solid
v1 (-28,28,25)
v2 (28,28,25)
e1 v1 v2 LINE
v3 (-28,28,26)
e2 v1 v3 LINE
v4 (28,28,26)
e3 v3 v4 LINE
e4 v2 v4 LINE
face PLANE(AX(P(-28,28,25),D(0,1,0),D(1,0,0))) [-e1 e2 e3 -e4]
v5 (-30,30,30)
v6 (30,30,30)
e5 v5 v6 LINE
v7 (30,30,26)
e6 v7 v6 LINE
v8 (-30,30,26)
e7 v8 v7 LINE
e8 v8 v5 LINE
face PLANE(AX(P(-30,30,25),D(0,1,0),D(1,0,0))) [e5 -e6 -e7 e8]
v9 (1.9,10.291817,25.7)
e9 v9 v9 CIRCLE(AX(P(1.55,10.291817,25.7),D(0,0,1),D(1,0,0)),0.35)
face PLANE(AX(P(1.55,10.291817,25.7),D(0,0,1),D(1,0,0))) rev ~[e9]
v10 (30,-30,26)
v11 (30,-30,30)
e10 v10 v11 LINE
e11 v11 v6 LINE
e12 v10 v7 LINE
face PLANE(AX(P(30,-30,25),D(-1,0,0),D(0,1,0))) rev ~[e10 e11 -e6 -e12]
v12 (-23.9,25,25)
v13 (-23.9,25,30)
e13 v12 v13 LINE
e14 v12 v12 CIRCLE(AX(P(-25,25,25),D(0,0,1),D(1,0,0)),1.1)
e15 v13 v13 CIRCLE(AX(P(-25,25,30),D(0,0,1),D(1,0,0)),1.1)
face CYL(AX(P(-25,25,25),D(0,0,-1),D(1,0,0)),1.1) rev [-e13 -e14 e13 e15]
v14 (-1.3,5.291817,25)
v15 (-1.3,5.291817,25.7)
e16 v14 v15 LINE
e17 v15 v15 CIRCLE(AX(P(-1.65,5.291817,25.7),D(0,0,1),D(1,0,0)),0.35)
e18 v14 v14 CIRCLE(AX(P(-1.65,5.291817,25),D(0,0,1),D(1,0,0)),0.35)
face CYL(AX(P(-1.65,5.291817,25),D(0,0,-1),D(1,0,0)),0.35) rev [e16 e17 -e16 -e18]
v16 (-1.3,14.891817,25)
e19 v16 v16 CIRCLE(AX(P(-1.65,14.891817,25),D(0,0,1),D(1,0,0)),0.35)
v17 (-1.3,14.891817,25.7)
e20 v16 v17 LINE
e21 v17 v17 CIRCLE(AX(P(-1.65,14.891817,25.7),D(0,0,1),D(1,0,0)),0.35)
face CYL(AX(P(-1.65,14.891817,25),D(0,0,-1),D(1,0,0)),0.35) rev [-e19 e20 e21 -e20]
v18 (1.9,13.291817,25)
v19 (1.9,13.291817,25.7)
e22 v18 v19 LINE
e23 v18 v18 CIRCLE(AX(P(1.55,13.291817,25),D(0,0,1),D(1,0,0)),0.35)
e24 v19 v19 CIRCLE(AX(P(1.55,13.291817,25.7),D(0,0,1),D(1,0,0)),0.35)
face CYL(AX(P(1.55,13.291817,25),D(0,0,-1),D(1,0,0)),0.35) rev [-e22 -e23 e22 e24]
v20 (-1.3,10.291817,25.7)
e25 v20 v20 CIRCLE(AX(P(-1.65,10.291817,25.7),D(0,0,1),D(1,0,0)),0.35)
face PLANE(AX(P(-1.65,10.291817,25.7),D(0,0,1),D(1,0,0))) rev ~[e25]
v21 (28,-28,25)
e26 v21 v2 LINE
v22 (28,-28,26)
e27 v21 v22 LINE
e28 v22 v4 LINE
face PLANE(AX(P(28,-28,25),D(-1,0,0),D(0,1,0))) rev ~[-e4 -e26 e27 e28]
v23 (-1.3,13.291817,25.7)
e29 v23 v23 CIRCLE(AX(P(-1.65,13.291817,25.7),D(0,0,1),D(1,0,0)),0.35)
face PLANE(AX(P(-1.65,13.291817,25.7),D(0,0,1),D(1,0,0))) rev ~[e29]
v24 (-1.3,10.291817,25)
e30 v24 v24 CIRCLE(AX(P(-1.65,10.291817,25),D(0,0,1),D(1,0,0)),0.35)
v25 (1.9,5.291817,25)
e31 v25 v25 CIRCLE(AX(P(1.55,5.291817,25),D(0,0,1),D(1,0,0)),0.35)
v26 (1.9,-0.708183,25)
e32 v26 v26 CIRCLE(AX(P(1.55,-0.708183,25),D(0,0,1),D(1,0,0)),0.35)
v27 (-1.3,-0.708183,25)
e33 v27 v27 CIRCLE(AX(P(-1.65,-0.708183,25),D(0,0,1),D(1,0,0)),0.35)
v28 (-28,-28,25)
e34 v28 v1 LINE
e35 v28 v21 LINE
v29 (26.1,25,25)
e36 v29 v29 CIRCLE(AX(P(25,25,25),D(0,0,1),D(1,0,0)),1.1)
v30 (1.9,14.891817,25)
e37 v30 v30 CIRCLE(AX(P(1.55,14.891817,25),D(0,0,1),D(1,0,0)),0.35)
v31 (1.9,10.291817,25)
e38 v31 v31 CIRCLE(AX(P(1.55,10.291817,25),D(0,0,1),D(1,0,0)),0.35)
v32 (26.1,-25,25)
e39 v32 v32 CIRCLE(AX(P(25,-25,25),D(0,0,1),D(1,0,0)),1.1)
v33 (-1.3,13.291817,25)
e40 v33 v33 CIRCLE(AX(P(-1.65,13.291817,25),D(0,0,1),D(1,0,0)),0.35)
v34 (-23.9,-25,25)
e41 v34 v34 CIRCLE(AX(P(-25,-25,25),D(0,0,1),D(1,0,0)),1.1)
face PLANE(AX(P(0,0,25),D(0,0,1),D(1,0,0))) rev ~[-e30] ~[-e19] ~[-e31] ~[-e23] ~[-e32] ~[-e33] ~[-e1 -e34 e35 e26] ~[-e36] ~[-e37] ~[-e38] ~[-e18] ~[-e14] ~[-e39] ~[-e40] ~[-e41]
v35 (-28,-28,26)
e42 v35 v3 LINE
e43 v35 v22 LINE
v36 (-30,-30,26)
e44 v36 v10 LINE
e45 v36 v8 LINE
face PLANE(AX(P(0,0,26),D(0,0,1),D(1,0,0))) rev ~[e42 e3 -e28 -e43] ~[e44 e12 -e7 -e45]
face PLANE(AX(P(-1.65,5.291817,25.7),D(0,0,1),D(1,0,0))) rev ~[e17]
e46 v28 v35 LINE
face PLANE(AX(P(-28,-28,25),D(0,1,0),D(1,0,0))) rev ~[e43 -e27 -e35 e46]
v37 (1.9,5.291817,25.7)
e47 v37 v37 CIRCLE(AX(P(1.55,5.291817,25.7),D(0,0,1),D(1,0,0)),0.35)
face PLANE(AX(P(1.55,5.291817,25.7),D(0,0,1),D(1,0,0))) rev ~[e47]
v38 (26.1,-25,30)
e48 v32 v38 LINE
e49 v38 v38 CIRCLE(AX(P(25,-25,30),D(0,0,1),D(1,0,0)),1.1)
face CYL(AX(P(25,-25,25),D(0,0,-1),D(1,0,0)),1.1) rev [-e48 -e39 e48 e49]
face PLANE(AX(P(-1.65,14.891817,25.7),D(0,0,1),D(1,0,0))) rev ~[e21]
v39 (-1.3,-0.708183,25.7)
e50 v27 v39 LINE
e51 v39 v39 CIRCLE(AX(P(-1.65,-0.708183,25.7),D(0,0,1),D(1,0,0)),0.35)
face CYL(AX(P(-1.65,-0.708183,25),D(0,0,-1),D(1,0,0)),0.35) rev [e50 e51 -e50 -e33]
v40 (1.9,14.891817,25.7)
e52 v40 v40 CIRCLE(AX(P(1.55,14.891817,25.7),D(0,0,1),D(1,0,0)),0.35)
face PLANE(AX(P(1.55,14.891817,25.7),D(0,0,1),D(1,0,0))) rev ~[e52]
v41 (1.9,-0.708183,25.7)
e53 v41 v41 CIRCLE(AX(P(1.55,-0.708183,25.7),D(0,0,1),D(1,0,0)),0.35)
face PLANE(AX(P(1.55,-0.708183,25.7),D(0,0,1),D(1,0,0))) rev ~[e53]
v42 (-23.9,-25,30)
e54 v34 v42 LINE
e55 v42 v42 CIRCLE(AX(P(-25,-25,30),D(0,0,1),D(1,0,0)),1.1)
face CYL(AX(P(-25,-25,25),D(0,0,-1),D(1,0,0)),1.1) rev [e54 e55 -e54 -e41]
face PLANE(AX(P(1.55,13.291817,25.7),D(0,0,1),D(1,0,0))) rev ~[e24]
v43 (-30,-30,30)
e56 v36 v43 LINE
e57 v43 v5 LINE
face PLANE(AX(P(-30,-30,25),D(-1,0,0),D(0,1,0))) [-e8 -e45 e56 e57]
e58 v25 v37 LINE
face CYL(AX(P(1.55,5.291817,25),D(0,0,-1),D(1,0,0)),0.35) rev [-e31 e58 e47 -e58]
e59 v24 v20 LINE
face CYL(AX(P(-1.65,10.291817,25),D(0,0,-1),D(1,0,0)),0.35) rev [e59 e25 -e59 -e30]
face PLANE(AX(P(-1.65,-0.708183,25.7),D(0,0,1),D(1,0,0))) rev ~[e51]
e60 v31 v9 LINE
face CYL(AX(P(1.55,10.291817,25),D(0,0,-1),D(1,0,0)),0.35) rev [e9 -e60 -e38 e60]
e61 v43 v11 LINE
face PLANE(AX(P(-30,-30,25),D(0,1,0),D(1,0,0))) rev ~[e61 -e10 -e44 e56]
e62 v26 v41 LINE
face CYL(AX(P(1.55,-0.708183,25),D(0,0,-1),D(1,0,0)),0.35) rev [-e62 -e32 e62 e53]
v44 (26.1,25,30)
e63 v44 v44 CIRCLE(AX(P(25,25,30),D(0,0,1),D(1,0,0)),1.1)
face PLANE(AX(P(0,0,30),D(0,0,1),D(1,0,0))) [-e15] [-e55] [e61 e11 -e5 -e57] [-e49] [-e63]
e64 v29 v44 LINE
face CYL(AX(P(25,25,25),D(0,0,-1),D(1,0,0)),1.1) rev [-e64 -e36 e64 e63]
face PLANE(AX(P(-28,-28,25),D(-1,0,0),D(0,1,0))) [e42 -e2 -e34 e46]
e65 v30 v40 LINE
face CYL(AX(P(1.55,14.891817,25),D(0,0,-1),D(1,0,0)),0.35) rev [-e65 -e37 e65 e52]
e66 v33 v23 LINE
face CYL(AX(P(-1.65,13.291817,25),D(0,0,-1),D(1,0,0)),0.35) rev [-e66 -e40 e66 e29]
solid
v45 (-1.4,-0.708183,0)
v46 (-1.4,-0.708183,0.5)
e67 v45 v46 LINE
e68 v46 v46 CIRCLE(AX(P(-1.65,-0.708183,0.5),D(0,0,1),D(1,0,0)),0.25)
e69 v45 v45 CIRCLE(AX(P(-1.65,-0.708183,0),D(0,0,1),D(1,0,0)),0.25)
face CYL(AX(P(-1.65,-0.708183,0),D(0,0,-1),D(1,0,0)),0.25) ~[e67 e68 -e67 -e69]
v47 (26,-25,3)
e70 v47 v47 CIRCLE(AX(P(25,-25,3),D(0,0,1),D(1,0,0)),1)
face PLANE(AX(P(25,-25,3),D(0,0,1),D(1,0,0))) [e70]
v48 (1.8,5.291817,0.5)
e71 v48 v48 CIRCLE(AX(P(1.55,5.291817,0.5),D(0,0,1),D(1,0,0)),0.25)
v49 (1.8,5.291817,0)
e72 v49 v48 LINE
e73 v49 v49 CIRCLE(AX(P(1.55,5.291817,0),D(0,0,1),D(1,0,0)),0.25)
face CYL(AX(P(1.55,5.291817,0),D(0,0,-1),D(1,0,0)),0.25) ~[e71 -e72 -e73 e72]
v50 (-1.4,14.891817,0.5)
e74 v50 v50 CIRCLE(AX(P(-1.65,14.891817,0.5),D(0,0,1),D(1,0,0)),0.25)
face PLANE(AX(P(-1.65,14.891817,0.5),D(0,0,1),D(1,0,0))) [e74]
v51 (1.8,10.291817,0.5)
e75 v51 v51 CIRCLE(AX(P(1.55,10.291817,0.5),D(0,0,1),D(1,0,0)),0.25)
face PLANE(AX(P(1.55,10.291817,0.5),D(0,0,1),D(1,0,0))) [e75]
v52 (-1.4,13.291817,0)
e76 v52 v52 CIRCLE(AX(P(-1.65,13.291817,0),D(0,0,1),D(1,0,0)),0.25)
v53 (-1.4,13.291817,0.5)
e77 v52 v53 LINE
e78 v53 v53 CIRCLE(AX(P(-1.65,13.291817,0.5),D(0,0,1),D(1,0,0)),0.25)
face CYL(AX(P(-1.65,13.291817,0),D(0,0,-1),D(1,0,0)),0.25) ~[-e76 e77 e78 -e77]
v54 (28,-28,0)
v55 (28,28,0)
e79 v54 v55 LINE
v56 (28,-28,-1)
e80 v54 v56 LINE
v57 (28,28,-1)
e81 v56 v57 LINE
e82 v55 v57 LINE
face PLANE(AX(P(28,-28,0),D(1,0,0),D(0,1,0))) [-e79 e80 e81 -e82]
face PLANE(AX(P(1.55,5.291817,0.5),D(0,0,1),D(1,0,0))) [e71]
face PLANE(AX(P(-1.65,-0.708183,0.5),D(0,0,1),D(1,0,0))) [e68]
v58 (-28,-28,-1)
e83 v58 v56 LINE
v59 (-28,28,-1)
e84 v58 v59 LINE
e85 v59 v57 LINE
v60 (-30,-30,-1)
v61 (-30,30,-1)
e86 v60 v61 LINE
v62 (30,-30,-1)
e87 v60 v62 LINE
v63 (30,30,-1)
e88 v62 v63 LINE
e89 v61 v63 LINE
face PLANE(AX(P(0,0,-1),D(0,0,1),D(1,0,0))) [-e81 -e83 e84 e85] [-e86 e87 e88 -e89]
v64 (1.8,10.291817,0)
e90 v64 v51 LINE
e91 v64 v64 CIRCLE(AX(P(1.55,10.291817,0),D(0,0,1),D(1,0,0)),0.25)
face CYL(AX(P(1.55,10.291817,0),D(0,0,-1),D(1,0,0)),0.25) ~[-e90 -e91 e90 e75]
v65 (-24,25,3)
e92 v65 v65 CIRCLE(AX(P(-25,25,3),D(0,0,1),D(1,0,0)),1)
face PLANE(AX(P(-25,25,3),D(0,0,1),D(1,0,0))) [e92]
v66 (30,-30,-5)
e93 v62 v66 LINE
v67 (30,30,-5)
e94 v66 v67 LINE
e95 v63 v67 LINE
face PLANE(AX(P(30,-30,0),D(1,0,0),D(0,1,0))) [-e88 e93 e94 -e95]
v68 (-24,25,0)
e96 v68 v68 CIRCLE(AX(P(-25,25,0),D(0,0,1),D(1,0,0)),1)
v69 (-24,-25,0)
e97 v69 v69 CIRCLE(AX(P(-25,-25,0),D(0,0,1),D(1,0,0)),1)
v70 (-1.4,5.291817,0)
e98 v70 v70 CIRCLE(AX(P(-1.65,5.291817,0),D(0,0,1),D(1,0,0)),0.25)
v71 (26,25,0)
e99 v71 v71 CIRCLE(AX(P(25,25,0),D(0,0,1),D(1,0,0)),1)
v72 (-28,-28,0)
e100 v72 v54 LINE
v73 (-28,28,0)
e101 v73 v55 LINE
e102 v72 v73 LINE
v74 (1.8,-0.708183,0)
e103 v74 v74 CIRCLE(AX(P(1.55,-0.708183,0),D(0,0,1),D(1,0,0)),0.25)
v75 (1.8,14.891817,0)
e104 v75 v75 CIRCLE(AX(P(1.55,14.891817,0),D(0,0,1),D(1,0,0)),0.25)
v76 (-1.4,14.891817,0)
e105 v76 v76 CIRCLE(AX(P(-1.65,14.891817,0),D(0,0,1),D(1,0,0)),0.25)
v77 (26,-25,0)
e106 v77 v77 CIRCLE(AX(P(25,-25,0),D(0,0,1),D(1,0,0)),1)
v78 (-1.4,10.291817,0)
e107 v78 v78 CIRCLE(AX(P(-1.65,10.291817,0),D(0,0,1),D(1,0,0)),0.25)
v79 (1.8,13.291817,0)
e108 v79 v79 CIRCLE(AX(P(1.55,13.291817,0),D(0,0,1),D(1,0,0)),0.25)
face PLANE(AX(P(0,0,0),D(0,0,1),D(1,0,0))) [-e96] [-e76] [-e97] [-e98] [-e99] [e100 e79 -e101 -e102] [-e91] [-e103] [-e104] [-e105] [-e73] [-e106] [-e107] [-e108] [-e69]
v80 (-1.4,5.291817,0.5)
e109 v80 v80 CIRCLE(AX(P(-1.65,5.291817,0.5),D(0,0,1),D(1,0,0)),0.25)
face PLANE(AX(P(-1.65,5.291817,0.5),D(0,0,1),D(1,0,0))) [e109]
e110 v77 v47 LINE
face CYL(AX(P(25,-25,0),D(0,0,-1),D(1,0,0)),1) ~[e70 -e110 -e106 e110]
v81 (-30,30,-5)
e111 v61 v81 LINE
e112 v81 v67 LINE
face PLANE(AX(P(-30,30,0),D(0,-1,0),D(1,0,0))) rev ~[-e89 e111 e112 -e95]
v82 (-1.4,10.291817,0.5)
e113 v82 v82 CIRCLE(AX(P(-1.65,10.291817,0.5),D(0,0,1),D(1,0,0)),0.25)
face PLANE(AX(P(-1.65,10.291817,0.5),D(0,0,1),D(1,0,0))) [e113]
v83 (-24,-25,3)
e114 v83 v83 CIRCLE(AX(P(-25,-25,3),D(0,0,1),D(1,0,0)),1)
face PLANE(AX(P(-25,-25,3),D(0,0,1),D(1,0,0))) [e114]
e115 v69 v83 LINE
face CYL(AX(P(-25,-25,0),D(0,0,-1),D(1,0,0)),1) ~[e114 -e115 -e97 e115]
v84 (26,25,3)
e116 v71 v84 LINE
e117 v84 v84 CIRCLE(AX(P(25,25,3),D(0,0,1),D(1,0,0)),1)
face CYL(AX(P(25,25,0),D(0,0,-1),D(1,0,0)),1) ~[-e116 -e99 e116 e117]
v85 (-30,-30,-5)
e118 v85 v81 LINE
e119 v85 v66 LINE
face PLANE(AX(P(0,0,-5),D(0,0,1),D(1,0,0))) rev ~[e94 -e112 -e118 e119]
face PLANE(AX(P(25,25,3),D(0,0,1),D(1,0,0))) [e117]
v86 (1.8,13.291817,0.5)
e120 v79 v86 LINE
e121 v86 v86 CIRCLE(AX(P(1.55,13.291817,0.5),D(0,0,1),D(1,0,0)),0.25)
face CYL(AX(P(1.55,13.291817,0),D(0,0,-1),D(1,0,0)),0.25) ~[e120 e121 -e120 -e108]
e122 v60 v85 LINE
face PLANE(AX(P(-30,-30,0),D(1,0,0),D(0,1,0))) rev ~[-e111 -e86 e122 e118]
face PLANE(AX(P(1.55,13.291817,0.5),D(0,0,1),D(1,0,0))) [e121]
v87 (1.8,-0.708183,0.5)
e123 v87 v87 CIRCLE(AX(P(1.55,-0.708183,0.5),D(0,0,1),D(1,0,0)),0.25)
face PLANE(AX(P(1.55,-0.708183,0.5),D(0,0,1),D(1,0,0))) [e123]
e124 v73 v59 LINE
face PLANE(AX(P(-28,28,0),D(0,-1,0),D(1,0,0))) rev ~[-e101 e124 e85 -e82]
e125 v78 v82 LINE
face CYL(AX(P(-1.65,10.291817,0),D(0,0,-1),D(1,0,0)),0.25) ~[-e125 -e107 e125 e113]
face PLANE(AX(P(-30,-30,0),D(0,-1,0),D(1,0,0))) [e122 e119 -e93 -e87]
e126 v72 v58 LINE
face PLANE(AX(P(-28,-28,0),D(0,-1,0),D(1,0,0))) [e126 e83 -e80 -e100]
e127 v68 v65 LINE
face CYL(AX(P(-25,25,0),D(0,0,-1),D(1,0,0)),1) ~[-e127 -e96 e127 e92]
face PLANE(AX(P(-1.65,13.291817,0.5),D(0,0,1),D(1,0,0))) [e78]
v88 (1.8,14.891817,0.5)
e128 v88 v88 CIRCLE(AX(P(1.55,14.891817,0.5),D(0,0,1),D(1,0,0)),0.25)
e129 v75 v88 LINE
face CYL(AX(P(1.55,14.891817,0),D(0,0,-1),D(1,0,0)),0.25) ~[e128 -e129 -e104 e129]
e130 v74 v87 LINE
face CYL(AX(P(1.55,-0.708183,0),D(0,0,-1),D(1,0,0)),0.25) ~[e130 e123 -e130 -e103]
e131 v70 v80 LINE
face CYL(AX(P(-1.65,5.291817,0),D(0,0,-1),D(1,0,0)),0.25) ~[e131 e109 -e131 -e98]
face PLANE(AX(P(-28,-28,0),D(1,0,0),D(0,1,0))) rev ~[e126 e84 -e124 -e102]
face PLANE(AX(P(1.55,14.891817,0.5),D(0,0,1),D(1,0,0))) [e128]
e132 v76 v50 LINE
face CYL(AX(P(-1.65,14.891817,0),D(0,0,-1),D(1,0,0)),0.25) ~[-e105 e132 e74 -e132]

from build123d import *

# Parameters (mm, degrees)
F2_W      = 60
F2_H      = 60
F3_DEPTH  = 5
F4_W      = 60
F4_H      = 60
F4_W_2    = 56
F4_H_2    = 56
F5_DEPTH  = 1
F1_R      = 0.25
F6_DEPTH  = 0.5
F7_R      = 1
F8_DEPTH  = 3
F10_W     = 60
F10_H     = 60
F10_W_2   = 56
F10_H_2   = 56
F10_R     = 1.1
F11_DEPTH = 5
F12_R     = 0.35
F12_R_2   = 0.25
F13_DEPTH = 0.7
F14_DEPTH = 1


with BuildPart() as f3:
    # F2 (on Top) → F3 (new body)
    with BuildSketch(Plane.XY):
        Rectangle(F2_W, F2_H)
    extrude(amount=-F3_DEPTH)

    # F4 (on face) → F5 (cut)
    with BuildSketch(Plane.XY):
        Rectangle(F4_W, F4_H)
        Rectangle(F4_W_2, F4_H_2, mode=Mode.SUBTRACT)
    extrude(amount=-F5_DEPTH, mode=Mode.SUBTRACT)

    # F1 (on Top) → F6 (join)
    with BuildSketch(Plane.XY):
        with Locations((-1.65, 14.891817)):
            Circle(F1_R)
        with Locations((1.55, 14.891817)):
            Circle(F1_R)
        with Locations((1.55, 13.291817)):
            Circle(F1_R)
        with Locations((-1.65, 13.291817)):
            Circle(F1_R)
        with Locations((1.55, 10.291817)):
            Circle(F1_R)
        with Locations((-1.65, 10.291817)):
            Circle(F1_R)
        with Locations((1.55, 5.291817)):
            Circle(F1_R)
        with Locations((-1.65, 5.291817)):
            Circle(F1_R)
        with Locations((-1.65, -0.708183)):
            Circle(F1_R)
        with Locations((1.55, -0.708183)):
            Circle(F1_R)
    extrude(amount=F6_DEPTH)

    # F7 (on face) → F8 (join)
    with BuildSketch(Plane.XY):
        with Locations((25, -25)):
            Circle(F7_R)
        with Locations((-25, -25)):
            Circle(F7_R)
        with Locations((-25, 25)):
            Circle(F7_R)
        with Locations((25, 25)):
            Circle(F7_R)
    extrude(amount=F8_DEPTH)


with BuildPart() as f11:
    # F10 (on offset) → F11 (new body)
    with BuildSketch(Plane.XY.offset(25)):
        Rectangle(F10_W, F10_H)
        Rectangle(F10_W_2, F10_H_2, mode=Mode.SUBTRACT)
        Rectangle(F10_W_2, F10_H_2)
        with Locations((-25, -25)):
            Circle(F10_R, mode=Mode.SUBTRACT)
        with Locations((25, -25)):
            Circle(F10_R, mode=Mode.SUBTRACT)
        with Locations((-25, 25)):
            Circle(F10_R, mode=Mode.SUBTRACT)
        with Locations((25, 25)):
            Circle(F10_R, mode=Mode.SUBTRACT)
    extrude(amount=F11_DEPTH)

    # F12 (on offset) → F13 (cut)
    with BuildSketch(Plane.XY.offset(25)):
        with Locations((-1.65, -0.708183)):
            Circle(F12_R)
        with Locations((-1.65, -0.708183)):
            Circle(F12_R_2, mode=Mode.SUBTRACT)
        with Locations((1.55, -0.708183)):
            Circle(F12_R)
        with Locations((1.55, -0.708183)):
            Circle(F12_R_2, mode=Mode.SUBTRACT)
        with Locations((1.55, 5.291817)):
            Circle(F12_R)
        with Locations((1.55, 5.291817)):
            Circle(F12_R_2, mode=Mode.SUBTRACT)
        with Locations((-1.65, 5.291817)):
            Circle(F12_R)
        with Locations((-1.65, 5.291817)):
            Circle(F12_R_2, mode=Mode.SUBTRACT)
        with Locations((-1.65, 10.291817)):
            Circle(F12_R)
        with Locations((-1.65, 10.291817)):
            Circle(F12_R_2, mode=Mode.SUBTRACT)
        with Locations((1.55, 10.291817)):
            Circle(F12_R)
        with Locations((1.55, 10.291817)):
            Circle(F12_R_2, mode=Mode.SUBTRACT)
        with Locations((-1.65, 14.891817)):
            Circle(F12_R)
        with Locations((-1.65, 14.891817)):
            Circle(F12_R_2, mode=Mode.SUBTRACT)
        with Locations((-1.65, 13.291817)):
            Circle(F12_R)
        with Locations((-1.65, 13.291817)):
            Circle(F12_R_2, mode=Mode.SUBTRACT)
        with Locations((1.55, 13.291817)):
            Circle(F12_R)
        with Locations((1.55, 13.291817)):
            Circle(F12_R_2, mode=Mode.SUBTRACT)
        with Locations((1.55, 14.891817)):
            Circle(F12_R)
        with Locations((1.55, 14.891817)):
            Circle(F12_R_2, mode=Mode.SUBTRACT)
        with Locations((-1.65, -0.708183)):
            Circle(F12_R_2)
        with Locations((1.55, -0.708183)):
            Circle(F12_R_2)
        with Locations((1.55, 5.291817)):
            Circle(F12_R_2)
        with Locations((-1.65, 5.291817)):
            Circle(F12_R_2)
        with Locations((-1.65, 10.291817)):
            Circle(F12_R_2)
        with Locations((1.55, 10.291817)):
            Circle(F12_R_2)
        with Locations((-1.65, 14.891817)):
            Circle(F12_R_2)
        with Locations((-1.65, 13.291817)):
            Circle(F12_R_2)
        with Locations((1.55, 13.291817)):
            Circle(F12_R_2)
        with Locations((1.55, 14.891817)):
            Circle(F12_R_2)
    extrude(amount=F13_DEPTH, mode=Mode.SUBTRACT)

    # F10 (on offset) → F14 (cut)
    with BuildSketch(Plane.XY.offset(25)):
        Rectangle(F10_W, F10_H)
        Rectangle(F10_W_2, F10_H_2, mode=Mode.SUBTRACT)
    extrude(amount=F14_DEPTH, mode=Mode.SUBTRACT)


solid = Compound([f3.part, f11.part])
